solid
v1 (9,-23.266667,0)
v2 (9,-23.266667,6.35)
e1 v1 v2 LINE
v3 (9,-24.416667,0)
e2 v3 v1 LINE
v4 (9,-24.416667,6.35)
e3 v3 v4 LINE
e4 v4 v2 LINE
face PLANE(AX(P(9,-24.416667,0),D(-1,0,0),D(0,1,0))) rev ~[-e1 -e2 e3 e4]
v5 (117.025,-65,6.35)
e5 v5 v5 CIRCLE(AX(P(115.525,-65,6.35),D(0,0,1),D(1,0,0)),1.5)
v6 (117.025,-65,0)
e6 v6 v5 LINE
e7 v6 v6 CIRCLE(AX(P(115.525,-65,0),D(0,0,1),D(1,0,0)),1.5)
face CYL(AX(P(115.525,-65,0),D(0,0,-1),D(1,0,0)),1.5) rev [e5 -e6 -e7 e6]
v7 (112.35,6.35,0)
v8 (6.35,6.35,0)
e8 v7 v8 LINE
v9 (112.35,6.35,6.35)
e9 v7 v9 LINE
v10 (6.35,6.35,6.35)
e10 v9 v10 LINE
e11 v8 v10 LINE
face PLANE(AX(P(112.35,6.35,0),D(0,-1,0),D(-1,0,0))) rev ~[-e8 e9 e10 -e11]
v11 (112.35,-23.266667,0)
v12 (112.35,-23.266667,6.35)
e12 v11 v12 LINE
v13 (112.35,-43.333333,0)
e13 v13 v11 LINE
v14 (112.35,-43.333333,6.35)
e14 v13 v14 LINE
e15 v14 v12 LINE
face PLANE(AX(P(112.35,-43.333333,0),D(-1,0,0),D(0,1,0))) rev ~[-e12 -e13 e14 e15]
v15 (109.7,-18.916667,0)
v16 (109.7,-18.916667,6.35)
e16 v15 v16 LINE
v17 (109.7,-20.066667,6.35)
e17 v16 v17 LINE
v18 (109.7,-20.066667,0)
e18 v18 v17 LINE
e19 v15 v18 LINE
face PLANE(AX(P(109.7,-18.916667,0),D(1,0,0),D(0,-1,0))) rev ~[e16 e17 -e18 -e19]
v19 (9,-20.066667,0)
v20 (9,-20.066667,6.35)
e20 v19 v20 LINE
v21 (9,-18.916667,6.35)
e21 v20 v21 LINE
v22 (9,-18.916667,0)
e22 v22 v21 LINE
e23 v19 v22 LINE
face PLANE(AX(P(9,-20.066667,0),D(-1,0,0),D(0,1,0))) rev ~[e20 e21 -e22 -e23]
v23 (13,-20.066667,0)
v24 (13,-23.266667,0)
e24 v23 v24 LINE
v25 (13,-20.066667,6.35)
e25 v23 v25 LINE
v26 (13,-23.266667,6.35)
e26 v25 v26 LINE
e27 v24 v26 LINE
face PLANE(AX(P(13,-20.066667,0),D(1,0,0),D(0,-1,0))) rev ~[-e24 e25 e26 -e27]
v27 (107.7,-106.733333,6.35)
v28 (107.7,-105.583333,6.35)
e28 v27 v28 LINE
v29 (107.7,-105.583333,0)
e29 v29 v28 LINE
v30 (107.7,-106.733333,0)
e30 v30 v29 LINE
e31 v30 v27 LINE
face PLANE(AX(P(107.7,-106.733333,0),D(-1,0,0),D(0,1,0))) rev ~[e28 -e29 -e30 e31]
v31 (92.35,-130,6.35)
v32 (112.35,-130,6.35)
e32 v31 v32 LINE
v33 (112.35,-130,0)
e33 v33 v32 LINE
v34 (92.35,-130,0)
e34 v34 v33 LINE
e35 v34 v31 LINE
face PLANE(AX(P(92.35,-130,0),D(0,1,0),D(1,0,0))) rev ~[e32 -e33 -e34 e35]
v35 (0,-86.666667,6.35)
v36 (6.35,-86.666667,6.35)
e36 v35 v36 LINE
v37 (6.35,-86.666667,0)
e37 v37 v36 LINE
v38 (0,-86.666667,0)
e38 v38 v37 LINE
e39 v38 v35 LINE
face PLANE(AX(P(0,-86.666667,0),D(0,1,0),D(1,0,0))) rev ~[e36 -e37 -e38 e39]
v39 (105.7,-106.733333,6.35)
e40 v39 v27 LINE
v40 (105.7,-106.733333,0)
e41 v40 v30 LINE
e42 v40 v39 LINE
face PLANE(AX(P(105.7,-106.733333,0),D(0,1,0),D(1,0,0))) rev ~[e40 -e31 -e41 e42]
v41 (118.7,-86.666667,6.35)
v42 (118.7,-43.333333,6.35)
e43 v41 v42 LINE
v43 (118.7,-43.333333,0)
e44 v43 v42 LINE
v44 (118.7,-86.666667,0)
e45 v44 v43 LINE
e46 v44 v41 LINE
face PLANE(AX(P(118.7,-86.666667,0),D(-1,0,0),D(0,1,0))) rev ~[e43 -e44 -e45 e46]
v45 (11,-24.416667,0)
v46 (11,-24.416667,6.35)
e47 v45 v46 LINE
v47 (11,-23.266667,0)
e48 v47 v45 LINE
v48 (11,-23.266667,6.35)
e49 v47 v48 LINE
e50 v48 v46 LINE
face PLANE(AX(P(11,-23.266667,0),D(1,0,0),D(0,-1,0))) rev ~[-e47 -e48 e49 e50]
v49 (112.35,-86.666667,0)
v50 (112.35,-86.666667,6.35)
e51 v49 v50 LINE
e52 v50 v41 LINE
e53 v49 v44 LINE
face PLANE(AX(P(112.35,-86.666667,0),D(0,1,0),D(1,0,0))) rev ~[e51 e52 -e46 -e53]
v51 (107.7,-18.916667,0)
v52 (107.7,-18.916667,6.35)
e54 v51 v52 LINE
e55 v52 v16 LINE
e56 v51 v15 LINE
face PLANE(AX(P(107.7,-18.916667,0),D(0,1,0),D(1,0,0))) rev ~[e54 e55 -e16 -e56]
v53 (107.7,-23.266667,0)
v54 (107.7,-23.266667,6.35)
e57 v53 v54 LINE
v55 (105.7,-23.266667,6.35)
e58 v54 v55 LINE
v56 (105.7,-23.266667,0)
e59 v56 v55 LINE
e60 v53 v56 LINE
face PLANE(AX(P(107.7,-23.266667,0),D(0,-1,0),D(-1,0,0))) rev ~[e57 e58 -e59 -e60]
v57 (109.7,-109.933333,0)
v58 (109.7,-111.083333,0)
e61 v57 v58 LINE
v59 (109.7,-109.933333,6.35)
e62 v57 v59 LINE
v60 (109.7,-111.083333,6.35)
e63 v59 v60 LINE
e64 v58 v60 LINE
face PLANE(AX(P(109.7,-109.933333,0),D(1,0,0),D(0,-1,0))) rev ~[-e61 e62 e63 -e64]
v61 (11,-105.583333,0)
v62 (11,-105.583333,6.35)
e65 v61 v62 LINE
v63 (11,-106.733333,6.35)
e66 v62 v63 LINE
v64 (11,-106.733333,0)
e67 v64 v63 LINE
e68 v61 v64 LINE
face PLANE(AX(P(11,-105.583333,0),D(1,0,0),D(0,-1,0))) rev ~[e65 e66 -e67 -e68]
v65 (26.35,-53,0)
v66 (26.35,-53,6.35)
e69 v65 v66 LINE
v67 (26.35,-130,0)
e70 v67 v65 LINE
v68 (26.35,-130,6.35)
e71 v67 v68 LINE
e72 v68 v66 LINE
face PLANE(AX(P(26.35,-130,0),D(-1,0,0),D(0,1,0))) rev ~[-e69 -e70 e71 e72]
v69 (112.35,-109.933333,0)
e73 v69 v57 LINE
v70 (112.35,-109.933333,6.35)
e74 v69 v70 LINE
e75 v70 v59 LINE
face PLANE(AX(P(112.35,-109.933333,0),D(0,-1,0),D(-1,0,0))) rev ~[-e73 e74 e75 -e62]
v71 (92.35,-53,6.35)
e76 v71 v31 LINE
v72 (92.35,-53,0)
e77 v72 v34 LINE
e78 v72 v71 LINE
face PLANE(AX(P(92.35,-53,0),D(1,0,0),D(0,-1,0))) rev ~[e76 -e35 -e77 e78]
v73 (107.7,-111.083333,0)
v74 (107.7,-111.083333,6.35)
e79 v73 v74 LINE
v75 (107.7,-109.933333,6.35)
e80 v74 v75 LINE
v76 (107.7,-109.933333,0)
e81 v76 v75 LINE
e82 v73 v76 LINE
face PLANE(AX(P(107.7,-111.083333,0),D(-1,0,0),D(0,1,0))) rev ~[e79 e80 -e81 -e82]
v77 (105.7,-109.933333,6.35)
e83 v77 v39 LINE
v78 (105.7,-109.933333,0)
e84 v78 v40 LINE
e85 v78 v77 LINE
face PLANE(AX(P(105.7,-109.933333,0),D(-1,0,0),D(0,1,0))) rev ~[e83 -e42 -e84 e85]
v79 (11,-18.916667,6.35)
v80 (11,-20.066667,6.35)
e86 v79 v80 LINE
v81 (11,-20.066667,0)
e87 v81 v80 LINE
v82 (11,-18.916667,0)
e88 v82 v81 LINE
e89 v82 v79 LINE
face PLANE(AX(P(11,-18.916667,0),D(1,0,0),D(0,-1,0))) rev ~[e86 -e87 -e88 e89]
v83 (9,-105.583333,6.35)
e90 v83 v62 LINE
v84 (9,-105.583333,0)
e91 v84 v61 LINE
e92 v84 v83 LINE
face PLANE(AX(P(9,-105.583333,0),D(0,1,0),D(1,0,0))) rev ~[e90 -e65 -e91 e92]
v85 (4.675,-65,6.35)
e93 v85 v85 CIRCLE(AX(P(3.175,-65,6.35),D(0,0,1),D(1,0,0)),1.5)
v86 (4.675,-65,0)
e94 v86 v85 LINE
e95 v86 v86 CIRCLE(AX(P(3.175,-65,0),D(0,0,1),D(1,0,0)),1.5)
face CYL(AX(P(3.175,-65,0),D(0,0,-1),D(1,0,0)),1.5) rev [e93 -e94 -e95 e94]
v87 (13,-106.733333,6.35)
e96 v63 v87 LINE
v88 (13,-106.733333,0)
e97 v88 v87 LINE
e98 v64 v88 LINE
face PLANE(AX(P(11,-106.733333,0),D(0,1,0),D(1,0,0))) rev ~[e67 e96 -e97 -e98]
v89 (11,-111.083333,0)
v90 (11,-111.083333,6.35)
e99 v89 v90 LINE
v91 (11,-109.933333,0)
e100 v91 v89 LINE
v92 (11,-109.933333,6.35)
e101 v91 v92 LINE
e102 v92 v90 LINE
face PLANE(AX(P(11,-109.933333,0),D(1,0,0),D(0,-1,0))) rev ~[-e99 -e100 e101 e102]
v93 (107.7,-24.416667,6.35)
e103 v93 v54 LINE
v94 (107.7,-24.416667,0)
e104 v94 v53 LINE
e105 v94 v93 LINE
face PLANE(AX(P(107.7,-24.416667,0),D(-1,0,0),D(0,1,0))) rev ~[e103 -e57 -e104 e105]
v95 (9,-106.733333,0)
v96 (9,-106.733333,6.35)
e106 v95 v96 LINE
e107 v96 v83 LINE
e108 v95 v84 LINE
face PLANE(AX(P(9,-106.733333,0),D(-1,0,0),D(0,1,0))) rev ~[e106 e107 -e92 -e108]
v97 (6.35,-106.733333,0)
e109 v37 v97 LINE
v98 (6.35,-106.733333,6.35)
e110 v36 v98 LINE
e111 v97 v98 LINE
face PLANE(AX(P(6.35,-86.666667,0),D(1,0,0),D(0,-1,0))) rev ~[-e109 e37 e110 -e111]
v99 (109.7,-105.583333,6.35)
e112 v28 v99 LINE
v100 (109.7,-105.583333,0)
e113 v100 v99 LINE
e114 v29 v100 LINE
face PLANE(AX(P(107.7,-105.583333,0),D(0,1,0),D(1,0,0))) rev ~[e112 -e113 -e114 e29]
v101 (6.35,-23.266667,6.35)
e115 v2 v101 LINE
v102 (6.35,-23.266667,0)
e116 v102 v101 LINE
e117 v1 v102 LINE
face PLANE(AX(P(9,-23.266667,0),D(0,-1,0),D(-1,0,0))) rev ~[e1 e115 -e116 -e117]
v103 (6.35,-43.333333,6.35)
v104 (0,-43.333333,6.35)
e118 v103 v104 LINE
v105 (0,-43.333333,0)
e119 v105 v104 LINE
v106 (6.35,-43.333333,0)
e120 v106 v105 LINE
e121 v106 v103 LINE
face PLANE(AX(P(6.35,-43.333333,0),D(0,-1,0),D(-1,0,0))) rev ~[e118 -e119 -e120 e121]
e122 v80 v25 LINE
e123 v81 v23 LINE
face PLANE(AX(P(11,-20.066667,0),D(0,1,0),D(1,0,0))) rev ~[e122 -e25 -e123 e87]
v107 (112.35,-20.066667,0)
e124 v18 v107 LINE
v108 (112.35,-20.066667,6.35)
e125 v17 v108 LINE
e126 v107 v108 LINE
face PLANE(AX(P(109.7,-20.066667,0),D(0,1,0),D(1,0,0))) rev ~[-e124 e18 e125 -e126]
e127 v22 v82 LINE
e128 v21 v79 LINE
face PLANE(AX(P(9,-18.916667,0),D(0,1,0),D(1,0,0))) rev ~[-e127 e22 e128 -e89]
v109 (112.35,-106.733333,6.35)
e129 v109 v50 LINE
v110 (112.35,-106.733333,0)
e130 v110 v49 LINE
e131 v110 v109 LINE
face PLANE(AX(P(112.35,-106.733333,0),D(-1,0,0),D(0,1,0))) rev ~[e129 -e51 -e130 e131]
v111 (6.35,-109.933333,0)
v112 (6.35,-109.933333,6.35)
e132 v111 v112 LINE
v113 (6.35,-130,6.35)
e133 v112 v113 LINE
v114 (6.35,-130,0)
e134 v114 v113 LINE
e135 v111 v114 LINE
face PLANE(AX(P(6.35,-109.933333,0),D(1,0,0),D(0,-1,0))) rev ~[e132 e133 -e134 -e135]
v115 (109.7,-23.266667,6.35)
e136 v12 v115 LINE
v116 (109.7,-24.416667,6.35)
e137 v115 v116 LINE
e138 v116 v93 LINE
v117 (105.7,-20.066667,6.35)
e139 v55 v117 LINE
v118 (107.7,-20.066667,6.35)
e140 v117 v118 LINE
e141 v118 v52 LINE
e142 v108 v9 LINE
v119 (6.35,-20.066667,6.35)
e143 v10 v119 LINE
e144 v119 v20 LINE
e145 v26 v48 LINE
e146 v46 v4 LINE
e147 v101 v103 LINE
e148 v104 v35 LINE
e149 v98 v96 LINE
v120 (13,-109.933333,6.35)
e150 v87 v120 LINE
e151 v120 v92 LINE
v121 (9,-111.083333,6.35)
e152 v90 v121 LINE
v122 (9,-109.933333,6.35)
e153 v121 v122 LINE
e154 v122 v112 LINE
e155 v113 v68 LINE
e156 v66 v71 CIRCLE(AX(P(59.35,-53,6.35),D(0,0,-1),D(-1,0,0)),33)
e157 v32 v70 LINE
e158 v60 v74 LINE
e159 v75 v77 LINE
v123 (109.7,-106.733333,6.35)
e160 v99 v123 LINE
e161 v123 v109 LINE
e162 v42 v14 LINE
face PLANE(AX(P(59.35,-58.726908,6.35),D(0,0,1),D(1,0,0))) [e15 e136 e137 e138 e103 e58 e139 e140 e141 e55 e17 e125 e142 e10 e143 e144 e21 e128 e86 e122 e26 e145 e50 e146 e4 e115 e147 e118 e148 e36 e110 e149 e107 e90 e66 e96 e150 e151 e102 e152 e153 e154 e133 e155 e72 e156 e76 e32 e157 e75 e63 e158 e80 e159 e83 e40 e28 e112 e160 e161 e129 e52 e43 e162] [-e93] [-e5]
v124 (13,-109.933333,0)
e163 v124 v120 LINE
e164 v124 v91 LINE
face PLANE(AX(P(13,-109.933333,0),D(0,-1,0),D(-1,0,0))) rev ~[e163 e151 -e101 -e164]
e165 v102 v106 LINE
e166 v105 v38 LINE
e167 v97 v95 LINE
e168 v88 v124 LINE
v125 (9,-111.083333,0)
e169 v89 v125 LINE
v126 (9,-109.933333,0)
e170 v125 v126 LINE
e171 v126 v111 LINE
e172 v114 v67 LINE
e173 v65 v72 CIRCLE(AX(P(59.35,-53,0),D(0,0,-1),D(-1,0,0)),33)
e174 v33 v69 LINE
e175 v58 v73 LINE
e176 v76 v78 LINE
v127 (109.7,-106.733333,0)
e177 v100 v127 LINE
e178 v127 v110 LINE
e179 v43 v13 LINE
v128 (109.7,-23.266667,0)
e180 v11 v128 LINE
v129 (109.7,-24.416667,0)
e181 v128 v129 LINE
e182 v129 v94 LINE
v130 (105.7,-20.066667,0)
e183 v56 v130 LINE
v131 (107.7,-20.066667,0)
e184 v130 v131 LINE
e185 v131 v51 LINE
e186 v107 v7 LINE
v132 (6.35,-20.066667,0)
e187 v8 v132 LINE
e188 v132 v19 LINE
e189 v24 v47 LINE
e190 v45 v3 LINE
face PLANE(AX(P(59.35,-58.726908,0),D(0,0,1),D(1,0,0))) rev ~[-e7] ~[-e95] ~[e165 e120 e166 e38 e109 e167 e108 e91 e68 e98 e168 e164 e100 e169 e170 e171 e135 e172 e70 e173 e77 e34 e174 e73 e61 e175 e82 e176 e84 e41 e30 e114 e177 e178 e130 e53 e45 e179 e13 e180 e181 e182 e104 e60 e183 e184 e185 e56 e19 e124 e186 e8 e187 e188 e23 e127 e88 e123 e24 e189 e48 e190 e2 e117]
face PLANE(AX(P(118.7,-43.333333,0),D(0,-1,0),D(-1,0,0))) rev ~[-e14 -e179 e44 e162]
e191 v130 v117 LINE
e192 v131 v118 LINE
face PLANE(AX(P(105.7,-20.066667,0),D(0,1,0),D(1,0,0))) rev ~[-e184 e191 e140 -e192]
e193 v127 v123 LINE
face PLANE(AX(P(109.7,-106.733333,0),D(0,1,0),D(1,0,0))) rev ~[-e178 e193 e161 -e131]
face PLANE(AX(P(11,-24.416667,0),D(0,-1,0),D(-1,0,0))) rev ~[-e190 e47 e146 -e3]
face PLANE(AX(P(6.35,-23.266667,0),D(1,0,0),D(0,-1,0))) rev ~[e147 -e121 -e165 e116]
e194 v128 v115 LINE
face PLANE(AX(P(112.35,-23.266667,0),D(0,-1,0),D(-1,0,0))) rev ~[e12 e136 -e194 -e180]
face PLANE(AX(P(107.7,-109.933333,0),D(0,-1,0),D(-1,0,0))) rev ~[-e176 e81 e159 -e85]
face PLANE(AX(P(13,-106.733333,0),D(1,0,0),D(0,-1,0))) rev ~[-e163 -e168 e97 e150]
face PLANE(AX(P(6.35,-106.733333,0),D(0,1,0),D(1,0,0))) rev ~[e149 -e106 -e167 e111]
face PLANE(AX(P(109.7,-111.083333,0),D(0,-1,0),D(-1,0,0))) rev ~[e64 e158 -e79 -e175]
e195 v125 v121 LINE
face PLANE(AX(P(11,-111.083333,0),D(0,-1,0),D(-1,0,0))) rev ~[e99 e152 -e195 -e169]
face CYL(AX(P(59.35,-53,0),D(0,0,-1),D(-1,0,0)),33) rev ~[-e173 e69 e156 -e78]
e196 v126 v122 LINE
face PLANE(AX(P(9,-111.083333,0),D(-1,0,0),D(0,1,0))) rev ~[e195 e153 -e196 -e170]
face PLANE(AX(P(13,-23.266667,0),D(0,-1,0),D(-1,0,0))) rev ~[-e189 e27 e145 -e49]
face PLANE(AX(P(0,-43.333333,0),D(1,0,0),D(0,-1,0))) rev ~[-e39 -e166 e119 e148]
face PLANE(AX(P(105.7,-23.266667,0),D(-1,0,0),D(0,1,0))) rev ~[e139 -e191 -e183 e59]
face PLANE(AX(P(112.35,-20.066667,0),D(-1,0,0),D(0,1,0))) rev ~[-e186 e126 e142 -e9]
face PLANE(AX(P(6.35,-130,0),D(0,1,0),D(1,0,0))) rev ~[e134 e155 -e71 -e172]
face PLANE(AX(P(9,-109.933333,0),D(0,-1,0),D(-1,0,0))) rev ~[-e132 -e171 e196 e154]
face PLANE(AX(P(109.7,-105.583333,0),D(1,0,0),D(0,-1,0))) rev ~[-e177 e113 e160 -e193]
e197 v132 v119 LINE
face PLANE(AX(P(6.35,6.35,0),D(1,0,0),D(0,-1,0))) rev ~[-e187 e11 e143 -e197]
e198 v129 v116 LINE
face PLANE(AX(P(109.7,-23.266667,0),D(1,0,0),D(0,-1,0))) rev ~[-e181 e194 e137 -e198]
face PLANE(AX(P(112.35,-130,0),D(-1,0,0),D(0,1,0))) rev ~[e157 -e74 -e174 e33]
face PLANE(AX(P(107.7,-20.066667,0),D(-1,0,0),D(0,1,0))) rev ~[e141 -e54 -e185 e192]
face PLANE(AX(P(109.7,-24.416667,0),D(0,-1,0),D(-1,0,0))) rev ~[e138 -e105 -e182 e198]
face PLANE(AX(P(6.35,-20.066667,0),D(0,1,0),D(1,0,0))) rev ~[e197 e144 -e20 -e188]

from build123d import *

# Parameters (mm, degrees)
SKETCH1_R           = 1.5
BOSS_EXTRUDE1_DEPTH = 6.35


with BuildPart() as part:
    # Sketch1 → Boss-Extrude1 (new body)
    with BuildSketch(Plane.XY):
        with BuildLine():
            Line((6.35, 6.35), (6.35, -20.066666667))
            Line((6.35, -20.066666667), (9, -20.066666667))
            Line((9, -20.066666667), (9, -18.916666667))
            Line((9, -18.916666667), (11, -18.916666667))
            Line((11, -18.916666667), (11, -20.066666667))
            Line((11, -20.066666667), (13, -20.066666667))
            Line((13, -20.066666667), (13, -23.266666667))
            Line((13, -23.266666667), (11, -23.266666667))
            Line((11, -23.266666667), (11, -24.416666667))
            Line((11, -24.416666667), (9, -24.416666667))
            Line((9, -24.416666667), (9, -23.266666667))
            Line((9, -23.266666667), (6.35, -23.266666667))
            Line((6.35, -23.266666667), (6.35, -43.333333333))
            Line((6.35, -43.333333333), (0, -43.333333333))
            Line((0, -43.333333333), (0, -86.666666667))
            Line((0, -86.666666667), (6.35, -86.666666667))
            Line((6.35, -86.666666667), (6.35, -106.733333333))
            Line((6.35, -106.733333333), (9, -106.733333333))
            Line((9, -106.733333333), (9, -105.583333333))
            Line((9, -105.583333333), (11, -105.583333333))
            Line((11, -105.583333333), (11, -106.733333333))
            Line((11, -106.733333333), (13, -106.733333333))
            Line((13, -106.733333333), (13, -109.933333333))
            Line((13, -109.933333333), (11, -109.933333333))
            Line((11, -109.933333333), (11, -111.083333333))
            Line((11, -111.083333333), (9, -111.083333333))
            Line((9, -111.083333333), (9, -109.933333333))
            Line((9, -109.933333333), (6.35, -109.933333333))
            Line((6.35, -109.933333333), (6.35, -130))
            Line((6.35, -130), (26.35, -130))
            Line((26.35, -130), (26.35, -53))
            ThreePointArc((26.35, -53), (59.35, -20), (92.35, -53))
            Line((92.35, -53), (92.35, -130))
            Line((92.35, -130), (112.35, -130))
            Line((112.35, -130), (112.35, -109.933333333))
            Line((112.35, -109.933333333), (109.7, -109.933333333))
            Line((109.7, -109.933333333), (109.7, -111.083333333))
            Line((109.7, -111.083333333), (107.7, -111.083333333))
            Line((107.7, -111.083333333), (107.7, -109.933333333))
            Line((107.7, -109.933333333), (105.7, -109.933333333))
            Line((105.7, -109.933333333), (105.7, -106.733333333))
            Line((105.7, -106.733333333), (107.7, -106.733333333))
            Line((107.7, -106.733333333), (107.7, -105.583333333))
            Line((107.7, -105.583333333), (109.7, -105.583333333))
            Line((109.7, -105.583333333), (109.7, -106.733333333))
            Line((109.7, -106.733333333), (112.35, -106.733333333))
            Line((112.35, -106.733333333), (112.35, -86.666666667))
            Line((112.35, -86.666666667), (118.7, -86.666666667))
            Line((118.7, -86.666666667), (118.7, -43.333333333))
            Line((118.7, -43.333333333), (112.35, -43.333333333))
            Line((112.35, -43.333333333), (112.35, -23.266666667))
            Line((112.35, -23.266666667), (109.7, -23.266666667))
            Line((109.7, -23.266666667), (109.7, -24.416666667))
            Line((109.7, -24.416666667), (107.7, -24.416666667))
            Line((107.7, -24.416666667), (107.7, -23.266666667))
            Line((107.7, -23.266666667), (105.7, -23.266666667))
            Line((105.7, -23.266666667), (105.7, -20.066666667))
            Line((105.7, -20.066666667), (107.7, -20.066666667))
            Line((107.7, -20.066666667), (107.7, -18.916666667))
            Line((107.7, -18.916666667), (109.7, -18.916666667))
            Line((109.7, -18.916666667), (109.7, -20.066666667))
            Line((109.7, -20.066666667), (112.35, -20.066666667))
            Line((112.35, -20.066666667), (112.35, 6.35))
            Line((112.35, 6.35), (6.35, 6.35))
        make_face()
        with Locations((3.175, -65)):
            Circle(SKETCH1_R, mode=Mode.SUBTRACT)
        with Locations((115.525, -65)):
            Circle(SKETCH1_R, mode=Mode.SUBTRACT)
    extrude(amount=BOSS_EXTRUDE1_DEPTH)


solid = part.part
